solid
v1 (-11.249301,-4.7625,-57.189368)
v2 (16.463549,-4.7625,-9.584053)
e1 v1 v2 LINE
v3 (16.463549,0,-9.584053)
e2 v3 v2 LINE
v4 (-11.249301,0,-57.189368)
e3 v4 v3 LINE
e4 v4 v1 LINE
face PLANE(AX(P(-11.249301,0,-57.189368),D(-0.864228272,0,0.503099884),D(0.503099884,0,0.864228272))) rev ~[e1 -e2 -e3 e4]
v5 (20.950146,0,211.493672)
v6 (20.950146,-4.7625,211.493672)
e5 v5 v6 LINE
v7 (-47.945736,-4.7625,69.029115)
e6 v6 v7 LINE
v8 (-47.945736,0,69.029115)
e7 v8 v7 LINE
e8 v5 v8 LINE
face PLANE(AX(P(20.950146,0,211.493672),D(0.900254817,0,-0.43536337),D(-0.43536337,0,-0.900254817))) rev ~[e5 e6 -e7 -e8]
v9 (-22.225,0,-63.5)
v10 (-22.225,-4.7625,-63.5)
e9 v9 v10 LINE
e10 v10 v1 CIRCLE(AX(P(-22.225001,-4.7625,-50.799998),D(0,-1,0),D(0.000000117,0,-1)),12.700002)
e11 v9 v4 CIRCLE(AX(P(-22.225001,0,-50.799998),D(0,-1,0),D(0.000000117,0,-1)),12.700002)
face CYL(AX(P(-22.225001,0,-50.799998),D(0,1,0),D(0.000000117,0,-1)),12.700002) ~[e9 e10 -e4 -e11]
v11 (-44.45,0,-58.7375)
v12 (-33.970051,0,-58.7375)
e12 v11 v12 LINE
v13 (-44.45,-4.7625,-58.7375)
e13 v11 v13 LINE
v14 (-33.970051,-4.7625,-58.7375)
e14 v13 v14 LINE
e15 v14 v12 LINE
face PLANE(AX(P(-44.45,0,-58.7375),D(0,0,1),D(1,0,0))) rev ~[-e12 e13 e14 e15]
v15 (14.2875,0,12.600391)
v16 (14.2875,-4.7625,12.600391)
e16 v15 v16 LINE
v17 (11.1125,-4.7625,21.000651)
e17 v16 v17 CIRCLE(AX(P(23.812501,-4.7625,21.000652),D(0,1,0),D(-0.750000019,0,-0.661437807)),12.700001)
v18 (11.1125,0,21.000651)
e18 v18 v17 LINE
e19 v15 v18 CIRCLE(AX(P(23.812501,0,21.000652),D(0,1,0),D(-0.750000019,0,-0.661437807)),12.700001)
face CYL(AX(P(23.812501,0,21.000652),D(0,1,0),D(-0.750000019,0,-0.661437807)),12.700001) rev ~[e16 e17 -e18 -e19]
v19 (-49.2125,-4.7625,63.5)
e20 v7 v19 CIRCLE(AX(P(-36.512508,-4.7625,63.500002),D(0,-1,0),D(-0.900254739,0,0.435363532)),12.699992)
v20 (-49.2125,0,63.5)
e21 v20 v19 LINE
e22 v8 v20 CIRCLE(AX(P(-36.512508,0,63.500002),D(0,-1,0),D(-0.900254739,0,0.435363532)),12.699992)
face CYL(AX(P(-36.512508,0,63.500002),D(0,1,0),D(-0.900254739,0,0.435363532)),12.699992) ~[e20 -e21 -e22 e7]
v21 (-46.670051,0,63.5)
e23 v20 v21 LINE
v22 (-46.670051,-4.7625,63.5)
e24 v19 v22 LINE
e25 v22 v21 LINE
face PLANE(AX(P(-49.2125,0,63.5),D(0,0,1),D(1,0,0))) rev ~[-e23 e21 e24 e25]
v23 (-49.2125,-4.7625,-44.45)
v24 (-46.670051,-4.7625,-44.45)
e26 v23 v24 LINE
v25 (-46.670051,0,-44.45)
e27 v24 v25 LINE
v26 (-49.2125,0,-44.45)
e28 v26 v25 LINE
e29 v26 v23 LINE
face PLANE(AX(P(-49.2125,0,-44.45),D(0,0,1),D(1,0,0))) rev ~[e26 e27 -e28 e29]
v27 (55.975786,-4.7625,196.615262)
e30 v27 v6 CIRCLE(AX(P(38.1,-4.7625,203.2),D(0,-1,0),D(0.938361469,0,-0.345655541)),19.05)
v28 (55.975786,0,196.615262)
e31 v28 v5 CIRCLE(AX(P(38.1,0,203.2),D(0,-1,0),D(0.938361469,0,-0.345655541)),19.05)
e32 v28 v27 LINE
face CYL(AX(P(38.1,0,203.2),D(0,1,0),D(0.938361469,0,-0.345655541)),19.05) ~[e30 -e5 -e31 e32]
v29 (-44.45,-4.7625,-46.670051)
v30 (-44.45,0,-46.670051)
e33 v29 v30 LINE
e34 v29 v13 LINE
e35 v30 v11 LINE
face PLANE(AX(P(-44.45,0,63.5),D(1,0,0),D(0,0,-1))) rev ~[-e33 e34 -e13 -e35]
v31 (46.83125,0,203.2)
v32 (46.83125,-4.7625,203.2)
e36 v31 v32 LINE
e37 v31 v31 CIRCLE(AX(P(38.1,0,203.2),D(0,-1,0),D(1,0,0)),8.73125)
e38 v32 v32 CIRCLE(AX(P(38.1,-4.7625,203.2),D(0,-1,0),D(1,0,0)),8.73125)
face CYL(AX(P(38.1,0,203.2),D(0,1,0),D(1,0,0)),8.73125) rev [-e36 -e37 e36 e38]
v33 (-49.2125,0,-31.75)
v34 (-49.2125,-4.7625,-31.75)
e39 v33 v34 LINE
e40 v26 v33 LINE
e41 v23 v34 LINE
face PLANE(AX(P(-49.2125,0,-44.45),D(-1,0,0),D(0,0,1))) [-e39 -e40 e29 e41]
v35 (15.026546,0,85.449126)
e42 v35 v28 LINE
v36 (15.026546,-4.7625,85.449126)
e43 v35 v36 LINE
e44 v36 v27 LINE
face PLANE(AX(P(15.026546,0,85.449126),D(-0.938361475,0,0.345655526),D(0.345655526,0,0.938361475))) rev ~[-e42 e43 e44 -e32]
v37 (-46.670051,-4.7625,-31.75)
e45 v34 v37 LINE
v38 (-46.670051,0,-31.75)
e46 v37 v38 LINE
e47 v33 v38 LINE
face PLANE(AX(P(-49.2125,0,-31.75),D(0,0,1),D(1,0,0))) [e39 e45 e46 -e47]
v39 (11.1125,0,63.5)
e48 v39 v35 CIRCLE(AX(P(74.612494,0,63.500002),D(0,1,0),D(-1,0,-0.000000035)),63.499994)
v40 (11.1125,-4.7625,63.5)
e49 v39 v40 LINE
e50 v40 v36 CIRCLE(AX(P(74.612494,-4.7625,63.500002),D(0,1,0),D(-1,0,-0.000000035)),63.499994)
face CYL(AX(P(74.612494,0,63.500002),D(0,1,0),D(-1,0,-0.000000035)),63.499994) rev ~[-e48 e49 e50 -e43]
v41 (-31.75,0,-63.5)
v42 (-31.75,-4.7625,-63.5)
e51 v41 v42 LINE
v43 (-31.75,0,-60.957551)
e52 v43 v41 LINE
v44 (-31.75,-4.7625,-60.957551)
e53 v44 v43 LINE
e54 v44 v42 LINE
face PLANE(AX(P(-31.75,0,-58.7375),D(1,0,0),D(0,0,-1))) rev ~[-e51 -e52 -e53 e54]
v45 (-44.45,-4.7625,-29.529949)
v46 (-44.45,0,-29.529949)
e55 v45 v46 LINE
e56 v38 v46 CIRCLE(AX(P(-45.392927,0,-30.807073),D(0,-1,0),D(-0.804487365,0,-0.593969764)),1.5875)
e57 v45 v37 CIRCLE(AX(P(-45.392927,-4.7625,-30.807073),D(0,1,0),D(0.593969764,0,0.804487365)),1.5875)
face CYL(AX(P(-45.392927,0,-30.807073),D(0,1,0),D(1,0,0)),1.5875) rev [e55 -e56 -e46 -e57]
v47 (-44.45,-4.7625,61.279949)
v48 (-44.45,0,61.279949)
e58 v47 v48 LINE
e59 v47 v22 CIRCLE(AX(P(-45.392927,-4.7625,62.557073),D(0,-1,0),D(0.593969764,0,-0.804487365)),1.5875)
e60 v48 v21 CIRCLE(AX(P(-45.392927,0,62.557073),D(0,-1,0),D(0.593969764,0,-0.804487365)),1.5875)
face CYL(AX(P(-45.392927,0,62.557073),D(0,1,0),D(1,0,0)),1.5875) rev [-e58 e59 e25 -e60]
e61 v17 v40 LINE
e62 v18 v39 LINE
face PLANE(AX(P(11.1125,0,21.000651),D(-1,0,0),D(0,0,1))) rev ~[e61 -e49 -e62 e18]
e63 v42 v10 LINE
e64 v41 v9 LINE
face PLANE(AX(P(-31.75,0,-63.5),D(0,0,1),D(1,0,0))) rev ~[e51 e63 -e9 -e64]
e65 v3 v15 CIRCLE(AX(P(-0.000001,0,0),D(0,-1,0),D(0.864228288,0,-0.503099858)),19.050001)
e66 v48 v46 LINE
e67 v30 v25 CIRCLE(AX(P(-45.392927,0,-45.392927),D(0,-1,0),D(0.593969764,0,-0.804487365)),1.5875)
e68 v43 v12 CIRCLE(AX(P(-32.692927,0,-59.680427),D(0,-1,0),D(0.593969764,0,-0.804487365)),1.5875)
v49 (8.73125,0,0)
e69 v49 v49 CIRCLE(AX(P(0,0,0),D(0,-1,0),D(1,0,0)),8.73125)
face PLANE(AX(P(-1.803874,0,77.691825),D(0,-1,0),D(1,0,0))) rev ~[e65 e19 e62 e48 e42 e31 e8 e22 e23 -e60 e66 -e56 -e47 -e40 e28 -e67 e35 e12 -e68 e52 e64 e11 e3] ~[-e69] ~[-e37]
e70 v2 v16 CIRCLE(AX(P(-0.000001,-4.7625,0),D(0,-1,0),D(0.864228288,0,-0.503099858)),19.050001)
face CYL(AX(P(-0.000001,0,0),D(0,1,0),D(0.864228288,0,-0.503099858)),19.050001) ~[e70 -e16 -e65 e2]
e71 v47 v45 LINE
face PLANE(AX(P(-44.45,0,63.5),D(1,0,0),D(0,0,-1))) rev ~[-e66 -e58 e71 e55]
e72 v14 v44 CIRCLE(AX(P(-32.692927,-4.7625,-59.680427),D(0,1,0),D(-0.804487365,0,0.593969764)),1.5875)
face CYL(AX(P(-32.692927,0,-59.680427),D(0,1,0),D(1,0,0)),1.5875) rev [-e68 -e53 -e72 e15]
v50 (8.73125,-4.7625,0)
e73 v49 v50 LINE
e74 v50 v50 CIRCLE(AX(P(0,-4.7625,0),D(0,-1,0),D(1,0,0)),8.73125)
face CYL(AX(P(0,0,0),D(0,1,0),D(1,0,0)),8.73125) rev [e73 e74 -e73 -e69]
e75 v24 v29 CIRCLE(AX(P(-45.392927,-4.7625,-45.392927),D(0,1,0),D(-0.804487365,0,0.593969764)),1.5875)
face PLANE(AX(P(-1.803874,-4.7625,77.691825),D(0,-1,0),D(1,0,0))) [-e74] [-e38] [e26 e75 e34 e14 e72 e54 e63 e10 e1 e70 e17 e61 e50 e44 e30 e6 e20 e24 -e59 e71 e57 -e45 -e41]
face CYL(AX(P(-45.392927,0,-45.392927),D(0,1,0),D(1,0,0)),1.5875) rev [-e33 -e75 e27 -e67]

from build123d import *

# Parameters (mm, degrees)
F0_R     = 8.73125
F1_DEPTH = 4.7625
F2_W     = 4.7625
F2_H     = 12.7
F3_DEPTH = 4.7625
F4_R     = 1.5875
F5_DEPTH = 4.7635


with BuildPart() as f1:
    # F0 (on Front) → F1 (new body)
    with BuildSketch(Plane.XZ):
        with BuildLine():
            Line((-49.2125, 63.5), (-44.45, 63.5))
            Line((-44.45, 63.5), (-44.45, -58.7375))
            Line((-44.45, -58.7375), (-31.75, -58.7375))
            Line((-31.75, -58.7375), (-31.75, -63.5))
            Line((-31.75, -63.5), (-22.225, -63.5))
            ThreePointArc((-22.225, -63.5), (-15.894715, -61.809881), (-11.249301, -57.189368))
            Line((-11.249301, -57.189368), (16.463549, -9.584053))
            ThreePointArc((16.463549, -9.584053), (18.959012, 1.85967), (14.2875, 12.600391))
            ThreePointArc((14.2875, 12.600391), (11.932738, 16.510523), (11.1125, 21.000651))
            Line((11.1125, 21.000651), (11.1125, 63.5))
            ThreePointArc((11.1125, 63.5), (12.098669, 74.647689), (15.026546, 85.449126))
            Line((15.026546, 85.449126), (55.975786, 196.615262))
            ThreePointArc((55.975786, 196.615262), (45.548054, 220.733653), (20.950146, 211.493672))
            Line((20.950146, 211.493672), (-47.945736, 69.029115))
            ThreePointArc((-47.945736, 69.029115), (-48.891759, 66.336186), (-49.2125, 63.5))
        make_face()
        Circle(F0_R, mode=Mode.SUBTRACT)
        with Locations((38.1, 203.2)):
            Circle(F0_R, mode=Mode.SUBTRACT)
    extrude(amount=F1_DEPTH)

    # F2 (on Front) → F3 (join, through all)
    with BuildSketch(Plane.XZ):
        with Locations((-46.83125, -38.1)):
            Rectangle(F2_W, F2_H)
    extrude(amount=F3_DEPTH)

    # F4 (on Front) → F5 (cut, through all)
    with BuildSketch(Plane.XZ):
        with Locations((-45.392927, 62.557073)):
            Circle(F4_R)
        with Locations((-32.692927, -59.680427)):
            Circle(F4_R)
        with Locations((-45.392927, -45.392927)):
            Circle(F4_R)
        with Locations((-45.392927, -30.807073)):
            Circle(F4_R)
    extrude(amount=F5_DEPTH, mode=Mode.SUBTRACT)


solid = f1.part
